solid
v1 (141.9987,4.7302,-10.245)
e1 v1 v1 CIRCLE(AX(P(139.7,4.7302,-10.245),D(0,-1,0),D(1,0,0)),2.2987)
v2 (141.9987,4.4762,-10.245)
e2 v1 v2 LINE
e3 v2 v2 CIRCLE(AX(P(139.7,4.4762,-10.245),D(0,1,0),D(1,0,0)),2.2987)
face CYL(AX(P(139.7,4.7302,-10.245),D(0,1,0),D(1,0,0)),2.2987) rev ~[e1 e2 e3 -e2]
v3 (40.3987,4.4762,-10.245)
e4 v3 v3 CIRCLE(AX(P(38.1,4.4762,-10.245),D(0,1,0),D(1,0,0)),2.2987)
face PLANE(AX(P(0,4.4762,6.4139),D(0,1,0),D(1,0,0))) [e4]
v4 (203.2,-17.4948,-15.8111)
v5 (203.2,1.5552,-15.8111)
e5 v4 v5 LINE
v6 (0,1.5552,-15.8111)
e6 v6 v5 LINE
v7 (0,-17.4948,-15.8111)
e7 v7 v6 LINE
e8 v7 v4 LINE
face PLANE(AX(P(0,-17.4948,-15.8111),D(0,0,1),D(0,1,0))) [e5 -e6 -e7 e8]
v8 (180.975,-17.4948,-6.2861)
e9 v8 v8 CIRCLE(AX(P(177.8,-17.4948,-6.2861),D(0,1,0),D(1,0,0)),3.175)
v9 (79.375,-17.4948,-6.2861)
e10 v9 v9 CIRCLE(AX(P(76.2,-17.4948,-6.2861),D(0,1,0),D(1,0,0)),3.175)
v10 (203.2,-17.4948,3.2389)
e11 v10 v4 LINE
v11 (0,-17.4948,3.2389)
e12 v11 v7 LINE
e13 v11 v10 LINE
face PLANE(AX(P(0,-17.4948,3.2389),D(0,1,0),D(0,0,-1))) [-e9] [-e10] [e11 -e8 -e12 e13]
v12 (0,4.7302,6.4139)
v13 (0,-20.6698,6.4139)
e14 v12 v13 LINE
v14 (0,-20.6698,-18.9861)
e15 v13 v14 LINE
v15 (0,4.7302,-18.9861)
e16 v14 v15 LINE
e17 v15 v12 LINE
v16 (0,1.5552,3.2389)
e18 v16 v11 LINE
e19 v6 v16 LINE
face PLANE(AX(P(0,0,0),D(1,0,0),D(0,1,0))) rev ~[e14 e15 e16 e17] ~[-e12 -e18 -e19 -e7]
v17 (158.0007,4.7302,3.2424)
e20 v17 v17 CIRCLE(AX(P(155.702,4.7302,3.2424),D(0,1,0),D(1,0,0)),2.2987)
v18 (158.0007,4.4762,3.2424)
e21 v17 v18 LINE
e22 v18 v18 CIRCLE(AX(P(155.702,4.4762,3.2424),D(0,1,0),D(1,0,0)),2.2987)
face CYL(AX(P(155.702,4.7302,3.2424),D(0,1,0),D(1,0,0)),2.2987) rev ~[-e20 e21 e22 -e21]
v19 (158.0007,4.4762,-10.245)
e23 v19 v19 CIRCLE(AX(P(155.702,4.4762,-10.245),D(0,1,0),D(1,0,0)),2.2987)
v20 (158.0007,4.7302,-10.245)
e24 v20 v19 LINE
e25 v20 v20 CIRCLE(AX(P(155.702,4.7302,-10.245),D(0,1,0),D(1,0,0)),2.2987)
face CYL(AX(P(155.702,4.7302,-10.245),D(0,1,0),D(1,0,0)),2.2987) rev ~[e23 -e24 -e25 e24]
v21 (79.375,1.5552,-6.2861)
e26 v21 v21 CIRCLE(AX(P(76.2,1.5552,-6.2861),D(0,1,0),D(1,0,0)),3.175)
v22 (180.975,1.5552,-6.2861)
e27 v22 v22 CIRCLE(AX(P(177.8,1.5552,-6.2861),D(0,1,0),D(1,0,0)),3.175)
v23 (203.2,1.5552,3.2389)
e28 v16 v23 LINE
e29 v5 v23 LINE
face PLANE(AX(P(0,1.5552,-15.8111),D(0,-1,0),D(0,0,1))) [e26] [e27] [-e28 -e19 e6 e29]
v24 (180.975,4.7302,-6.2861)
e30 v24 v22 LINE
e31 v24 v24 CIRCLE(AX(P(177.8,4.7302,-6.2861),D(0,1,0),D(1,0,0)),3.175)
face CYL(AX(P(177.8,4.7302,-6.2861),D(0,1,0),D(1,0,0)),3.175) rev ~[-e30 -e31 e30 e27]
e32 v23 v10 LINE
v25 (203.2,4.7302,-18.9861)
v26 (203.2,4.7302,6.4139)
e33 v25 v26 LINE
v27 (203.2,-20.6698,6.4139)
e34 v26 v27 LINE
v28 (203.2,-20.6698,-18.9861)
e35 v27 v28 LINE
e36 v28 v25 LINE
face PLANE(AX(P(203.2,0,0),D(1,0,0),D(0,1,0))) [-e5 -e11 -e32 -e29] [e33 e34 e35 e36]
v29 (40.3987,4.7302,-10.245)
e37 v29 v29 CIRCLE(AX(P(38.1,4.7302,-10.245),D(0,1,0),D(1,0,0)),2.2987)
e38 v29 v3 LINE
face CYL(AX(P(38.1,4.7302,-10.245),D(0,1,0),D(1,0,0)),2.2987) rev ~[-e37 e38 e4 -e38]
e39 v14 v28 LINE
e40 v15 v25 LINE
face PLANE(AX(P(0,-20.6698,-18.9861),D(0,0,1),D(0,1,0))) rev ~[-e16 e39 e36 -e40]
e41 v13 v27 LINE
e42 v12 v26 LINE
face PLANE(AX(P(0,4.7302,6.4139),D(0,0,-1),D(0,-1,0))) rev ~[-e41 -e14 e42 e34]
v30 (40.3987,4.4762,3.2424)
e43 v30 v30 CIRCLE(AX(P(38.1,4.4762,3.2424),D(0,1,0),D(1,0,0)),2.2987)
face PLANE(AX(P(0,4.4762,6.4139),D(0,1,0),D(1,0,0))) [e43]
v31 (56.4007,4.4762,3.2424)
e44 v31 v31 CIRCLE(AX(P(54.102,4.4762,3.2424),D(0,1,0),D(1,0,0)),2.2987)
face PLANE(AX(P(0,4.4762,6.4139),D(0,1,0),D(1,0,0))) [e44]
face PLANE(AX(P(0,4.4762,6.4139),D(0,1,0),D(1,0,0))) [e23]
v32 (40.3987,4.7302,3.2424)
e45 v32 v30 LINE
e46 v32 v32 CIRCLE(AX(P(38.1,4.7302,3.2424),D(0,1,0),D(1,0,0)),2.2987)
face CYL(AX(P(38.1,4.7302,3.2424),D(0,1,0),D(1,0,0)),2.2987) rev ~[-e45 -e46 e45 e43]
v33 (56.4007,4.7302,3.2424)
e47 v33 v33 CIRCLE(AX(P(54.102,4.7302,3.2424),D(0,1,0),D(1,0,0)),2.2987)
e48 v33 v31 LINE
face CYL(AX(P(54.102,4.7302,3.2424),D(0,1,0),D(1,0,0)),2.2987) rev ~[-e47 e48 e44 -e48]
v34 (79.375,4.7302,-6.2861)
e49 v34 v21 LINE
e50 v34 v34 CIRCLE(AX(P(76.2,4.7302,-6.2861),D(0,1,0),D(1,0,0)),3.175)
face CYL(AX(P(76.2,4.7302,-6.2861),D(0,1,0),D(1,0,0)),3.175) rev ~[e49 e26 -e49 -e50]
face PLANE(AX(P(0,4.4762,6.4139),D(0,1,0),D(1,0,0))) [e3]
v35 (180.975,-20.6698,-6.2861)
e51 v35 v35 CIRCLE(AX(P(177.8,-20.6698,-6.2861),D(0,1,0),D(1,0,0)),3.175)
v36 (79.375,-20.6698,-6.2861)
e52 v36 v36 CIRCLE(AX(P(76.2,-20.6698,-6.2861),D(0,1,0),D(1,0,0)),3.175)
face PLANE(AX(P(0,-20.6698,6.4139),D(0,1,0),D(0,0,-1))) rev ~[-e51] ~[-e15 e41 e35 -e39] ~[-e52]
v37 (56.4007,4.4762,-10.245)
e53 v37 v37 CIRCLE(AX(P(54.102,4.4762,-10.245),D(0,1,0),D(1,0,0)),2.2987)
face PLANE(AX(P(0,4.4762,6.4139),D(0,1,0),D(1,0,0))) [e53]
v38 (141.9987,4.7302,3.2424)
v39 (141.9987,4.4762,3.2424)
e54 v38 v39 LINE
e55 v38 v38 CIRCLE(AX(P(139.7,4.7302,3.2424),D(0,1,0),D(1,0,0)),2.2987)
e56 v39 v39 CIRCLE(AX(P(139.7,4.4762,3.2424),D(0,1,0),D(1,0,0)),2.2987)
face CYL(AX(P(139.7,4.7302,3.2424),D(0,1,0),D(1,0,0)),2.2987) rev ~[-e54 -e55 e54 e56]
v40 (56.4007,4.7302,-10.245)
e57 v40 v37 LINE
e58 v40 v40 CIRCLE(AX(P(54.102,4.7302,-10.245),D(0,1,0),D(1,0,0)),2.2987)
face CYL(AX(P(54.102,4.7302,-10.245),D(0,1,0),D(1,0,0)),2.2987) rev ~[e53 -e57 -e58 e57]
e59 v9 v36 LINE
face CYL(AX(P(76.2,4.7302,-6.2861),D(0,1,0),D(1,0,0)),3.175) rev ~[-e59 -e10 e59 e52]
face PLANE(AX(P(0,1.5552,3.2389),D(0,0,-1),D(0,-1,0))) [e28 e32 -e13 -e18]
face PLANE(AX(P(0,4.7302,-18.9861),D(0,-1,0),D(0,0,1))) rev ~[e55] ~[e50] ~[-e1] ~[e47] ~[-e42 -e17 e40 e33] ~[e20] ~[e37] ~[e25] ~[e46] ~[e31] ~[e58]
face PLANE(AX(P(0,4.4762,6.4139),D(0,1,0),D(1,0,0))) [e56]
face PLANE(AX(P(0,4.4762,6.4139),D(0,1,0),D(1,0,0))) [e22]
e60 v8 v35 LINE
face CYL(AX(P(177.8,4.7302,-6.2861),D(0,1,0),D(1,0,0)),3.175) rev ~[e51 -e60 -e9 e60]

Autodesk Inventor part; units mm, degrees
ref_plane "YZ Plane" through (0, 0, 0) normal (1, 0, 0) x (0, 1, 0)
ref_plane "XZ Plane" through (0, 0, 0) normal (0, 1, 0) x (-1, 0, 0)
ref_plane "XY Plane" through (0, 0, 0) normal (0, 0, 1) x (1, 0, 0)
sketch "Sketch1" plane through (0, 0, 0) normal (1, 0, 0) x (0, 1, 0)
  line L0 (4.7302, 6.4139) -> (-20.6698, 6.4139)
  line L1 (-20.6698, 6.4139) -> (-20.6698, -18.9861)
  line L2 (-20.6698, -18.9861) -> (4.7302, -18.9861)
  line L3 (4.7302, -18.9861) -> (4.7302, 6.4139)
  line L4 (1.5552, 3.2389) -> (-17.4948, 3.2389)
  line L5 (-17.4948, 3.2389) -> (-17.4948, -15.8111)
  line L6 (-17.4948, -15.8111) -> (1.5552, -15.8111)
  line L7 (1.5552, -15.8111) -> (1.5552, 3.2389)
  point P0 (0, 0)
  dimension "d0" = 25.4
  dimension "d1" = 25.4
  dimension "d2" = 3.175
extrude "Extrusion1" add sketch "Sketch1" along normal blind 203.2
sketch "Sketch2" plane through (0, 4.7302, 6.4139) normal (0, 1, 0) x (1, 0, 0)
  line L0 (0, 3.175) -> (0, 22.225) projected
  line L1 (0, 12.7) -> (127, 12.7) construction
  line L2 (127, 12.7) -> (177.8, 12.7) construction
  circle A0 centre (177.8, 12.7) radius 3.175
  line L3 (25.4, 12.7) -> (76.2, 12.7) construction
  circle A1 centre (76.2, 12.7) radius 3.175
  point P0 (0, 6.4139)
  dimension "d30" = 50.8
  dimension "d31" = 6.35
  dimension "d32" = 50.8
  dimension "d33" = 6.35
extrude "Extrusion2" cut sketch "Sketch2" against normal blind 203.2
sketch "Sketch3" plane through (0, 4.7302, 6.4139) normal (0, 1, 0) x (1, 0, 0)
  line L0 (0, 25.4) -> (203.2, 25.4) projected
  line L1 (0, 22.225) -> (0, 3.175) projected
  circle A0 centre (54.102, 16.6589) radius 2.2987
  circle A1 centre (54.102, 3.1715) radius 2.2987
  circle A2 centre (38.1, 3.1715) radius 2.2987
  circle A3 centre (139.7, 16.6589) radius 2.2987
  circle A4 centre (139.7, 3.1715) radius 2.2987
  circle A5 centre (155.702, 3.1715) radius 2.2987
  circle A6 centre (155.702, 16.6589) radius 2.2987
  circle A7 centre (38.1, 16.6589) radius 2.2987
  line L2 (139.7, 16.6589) -> (127, 16.6589)
  point P0 (0, 6.4139)
  dimension "d35" = 12.7
extrude "Extrusion3" cut sketch "Sketch3" against normal blind 0.254
properties part number "Zero Twosday"
